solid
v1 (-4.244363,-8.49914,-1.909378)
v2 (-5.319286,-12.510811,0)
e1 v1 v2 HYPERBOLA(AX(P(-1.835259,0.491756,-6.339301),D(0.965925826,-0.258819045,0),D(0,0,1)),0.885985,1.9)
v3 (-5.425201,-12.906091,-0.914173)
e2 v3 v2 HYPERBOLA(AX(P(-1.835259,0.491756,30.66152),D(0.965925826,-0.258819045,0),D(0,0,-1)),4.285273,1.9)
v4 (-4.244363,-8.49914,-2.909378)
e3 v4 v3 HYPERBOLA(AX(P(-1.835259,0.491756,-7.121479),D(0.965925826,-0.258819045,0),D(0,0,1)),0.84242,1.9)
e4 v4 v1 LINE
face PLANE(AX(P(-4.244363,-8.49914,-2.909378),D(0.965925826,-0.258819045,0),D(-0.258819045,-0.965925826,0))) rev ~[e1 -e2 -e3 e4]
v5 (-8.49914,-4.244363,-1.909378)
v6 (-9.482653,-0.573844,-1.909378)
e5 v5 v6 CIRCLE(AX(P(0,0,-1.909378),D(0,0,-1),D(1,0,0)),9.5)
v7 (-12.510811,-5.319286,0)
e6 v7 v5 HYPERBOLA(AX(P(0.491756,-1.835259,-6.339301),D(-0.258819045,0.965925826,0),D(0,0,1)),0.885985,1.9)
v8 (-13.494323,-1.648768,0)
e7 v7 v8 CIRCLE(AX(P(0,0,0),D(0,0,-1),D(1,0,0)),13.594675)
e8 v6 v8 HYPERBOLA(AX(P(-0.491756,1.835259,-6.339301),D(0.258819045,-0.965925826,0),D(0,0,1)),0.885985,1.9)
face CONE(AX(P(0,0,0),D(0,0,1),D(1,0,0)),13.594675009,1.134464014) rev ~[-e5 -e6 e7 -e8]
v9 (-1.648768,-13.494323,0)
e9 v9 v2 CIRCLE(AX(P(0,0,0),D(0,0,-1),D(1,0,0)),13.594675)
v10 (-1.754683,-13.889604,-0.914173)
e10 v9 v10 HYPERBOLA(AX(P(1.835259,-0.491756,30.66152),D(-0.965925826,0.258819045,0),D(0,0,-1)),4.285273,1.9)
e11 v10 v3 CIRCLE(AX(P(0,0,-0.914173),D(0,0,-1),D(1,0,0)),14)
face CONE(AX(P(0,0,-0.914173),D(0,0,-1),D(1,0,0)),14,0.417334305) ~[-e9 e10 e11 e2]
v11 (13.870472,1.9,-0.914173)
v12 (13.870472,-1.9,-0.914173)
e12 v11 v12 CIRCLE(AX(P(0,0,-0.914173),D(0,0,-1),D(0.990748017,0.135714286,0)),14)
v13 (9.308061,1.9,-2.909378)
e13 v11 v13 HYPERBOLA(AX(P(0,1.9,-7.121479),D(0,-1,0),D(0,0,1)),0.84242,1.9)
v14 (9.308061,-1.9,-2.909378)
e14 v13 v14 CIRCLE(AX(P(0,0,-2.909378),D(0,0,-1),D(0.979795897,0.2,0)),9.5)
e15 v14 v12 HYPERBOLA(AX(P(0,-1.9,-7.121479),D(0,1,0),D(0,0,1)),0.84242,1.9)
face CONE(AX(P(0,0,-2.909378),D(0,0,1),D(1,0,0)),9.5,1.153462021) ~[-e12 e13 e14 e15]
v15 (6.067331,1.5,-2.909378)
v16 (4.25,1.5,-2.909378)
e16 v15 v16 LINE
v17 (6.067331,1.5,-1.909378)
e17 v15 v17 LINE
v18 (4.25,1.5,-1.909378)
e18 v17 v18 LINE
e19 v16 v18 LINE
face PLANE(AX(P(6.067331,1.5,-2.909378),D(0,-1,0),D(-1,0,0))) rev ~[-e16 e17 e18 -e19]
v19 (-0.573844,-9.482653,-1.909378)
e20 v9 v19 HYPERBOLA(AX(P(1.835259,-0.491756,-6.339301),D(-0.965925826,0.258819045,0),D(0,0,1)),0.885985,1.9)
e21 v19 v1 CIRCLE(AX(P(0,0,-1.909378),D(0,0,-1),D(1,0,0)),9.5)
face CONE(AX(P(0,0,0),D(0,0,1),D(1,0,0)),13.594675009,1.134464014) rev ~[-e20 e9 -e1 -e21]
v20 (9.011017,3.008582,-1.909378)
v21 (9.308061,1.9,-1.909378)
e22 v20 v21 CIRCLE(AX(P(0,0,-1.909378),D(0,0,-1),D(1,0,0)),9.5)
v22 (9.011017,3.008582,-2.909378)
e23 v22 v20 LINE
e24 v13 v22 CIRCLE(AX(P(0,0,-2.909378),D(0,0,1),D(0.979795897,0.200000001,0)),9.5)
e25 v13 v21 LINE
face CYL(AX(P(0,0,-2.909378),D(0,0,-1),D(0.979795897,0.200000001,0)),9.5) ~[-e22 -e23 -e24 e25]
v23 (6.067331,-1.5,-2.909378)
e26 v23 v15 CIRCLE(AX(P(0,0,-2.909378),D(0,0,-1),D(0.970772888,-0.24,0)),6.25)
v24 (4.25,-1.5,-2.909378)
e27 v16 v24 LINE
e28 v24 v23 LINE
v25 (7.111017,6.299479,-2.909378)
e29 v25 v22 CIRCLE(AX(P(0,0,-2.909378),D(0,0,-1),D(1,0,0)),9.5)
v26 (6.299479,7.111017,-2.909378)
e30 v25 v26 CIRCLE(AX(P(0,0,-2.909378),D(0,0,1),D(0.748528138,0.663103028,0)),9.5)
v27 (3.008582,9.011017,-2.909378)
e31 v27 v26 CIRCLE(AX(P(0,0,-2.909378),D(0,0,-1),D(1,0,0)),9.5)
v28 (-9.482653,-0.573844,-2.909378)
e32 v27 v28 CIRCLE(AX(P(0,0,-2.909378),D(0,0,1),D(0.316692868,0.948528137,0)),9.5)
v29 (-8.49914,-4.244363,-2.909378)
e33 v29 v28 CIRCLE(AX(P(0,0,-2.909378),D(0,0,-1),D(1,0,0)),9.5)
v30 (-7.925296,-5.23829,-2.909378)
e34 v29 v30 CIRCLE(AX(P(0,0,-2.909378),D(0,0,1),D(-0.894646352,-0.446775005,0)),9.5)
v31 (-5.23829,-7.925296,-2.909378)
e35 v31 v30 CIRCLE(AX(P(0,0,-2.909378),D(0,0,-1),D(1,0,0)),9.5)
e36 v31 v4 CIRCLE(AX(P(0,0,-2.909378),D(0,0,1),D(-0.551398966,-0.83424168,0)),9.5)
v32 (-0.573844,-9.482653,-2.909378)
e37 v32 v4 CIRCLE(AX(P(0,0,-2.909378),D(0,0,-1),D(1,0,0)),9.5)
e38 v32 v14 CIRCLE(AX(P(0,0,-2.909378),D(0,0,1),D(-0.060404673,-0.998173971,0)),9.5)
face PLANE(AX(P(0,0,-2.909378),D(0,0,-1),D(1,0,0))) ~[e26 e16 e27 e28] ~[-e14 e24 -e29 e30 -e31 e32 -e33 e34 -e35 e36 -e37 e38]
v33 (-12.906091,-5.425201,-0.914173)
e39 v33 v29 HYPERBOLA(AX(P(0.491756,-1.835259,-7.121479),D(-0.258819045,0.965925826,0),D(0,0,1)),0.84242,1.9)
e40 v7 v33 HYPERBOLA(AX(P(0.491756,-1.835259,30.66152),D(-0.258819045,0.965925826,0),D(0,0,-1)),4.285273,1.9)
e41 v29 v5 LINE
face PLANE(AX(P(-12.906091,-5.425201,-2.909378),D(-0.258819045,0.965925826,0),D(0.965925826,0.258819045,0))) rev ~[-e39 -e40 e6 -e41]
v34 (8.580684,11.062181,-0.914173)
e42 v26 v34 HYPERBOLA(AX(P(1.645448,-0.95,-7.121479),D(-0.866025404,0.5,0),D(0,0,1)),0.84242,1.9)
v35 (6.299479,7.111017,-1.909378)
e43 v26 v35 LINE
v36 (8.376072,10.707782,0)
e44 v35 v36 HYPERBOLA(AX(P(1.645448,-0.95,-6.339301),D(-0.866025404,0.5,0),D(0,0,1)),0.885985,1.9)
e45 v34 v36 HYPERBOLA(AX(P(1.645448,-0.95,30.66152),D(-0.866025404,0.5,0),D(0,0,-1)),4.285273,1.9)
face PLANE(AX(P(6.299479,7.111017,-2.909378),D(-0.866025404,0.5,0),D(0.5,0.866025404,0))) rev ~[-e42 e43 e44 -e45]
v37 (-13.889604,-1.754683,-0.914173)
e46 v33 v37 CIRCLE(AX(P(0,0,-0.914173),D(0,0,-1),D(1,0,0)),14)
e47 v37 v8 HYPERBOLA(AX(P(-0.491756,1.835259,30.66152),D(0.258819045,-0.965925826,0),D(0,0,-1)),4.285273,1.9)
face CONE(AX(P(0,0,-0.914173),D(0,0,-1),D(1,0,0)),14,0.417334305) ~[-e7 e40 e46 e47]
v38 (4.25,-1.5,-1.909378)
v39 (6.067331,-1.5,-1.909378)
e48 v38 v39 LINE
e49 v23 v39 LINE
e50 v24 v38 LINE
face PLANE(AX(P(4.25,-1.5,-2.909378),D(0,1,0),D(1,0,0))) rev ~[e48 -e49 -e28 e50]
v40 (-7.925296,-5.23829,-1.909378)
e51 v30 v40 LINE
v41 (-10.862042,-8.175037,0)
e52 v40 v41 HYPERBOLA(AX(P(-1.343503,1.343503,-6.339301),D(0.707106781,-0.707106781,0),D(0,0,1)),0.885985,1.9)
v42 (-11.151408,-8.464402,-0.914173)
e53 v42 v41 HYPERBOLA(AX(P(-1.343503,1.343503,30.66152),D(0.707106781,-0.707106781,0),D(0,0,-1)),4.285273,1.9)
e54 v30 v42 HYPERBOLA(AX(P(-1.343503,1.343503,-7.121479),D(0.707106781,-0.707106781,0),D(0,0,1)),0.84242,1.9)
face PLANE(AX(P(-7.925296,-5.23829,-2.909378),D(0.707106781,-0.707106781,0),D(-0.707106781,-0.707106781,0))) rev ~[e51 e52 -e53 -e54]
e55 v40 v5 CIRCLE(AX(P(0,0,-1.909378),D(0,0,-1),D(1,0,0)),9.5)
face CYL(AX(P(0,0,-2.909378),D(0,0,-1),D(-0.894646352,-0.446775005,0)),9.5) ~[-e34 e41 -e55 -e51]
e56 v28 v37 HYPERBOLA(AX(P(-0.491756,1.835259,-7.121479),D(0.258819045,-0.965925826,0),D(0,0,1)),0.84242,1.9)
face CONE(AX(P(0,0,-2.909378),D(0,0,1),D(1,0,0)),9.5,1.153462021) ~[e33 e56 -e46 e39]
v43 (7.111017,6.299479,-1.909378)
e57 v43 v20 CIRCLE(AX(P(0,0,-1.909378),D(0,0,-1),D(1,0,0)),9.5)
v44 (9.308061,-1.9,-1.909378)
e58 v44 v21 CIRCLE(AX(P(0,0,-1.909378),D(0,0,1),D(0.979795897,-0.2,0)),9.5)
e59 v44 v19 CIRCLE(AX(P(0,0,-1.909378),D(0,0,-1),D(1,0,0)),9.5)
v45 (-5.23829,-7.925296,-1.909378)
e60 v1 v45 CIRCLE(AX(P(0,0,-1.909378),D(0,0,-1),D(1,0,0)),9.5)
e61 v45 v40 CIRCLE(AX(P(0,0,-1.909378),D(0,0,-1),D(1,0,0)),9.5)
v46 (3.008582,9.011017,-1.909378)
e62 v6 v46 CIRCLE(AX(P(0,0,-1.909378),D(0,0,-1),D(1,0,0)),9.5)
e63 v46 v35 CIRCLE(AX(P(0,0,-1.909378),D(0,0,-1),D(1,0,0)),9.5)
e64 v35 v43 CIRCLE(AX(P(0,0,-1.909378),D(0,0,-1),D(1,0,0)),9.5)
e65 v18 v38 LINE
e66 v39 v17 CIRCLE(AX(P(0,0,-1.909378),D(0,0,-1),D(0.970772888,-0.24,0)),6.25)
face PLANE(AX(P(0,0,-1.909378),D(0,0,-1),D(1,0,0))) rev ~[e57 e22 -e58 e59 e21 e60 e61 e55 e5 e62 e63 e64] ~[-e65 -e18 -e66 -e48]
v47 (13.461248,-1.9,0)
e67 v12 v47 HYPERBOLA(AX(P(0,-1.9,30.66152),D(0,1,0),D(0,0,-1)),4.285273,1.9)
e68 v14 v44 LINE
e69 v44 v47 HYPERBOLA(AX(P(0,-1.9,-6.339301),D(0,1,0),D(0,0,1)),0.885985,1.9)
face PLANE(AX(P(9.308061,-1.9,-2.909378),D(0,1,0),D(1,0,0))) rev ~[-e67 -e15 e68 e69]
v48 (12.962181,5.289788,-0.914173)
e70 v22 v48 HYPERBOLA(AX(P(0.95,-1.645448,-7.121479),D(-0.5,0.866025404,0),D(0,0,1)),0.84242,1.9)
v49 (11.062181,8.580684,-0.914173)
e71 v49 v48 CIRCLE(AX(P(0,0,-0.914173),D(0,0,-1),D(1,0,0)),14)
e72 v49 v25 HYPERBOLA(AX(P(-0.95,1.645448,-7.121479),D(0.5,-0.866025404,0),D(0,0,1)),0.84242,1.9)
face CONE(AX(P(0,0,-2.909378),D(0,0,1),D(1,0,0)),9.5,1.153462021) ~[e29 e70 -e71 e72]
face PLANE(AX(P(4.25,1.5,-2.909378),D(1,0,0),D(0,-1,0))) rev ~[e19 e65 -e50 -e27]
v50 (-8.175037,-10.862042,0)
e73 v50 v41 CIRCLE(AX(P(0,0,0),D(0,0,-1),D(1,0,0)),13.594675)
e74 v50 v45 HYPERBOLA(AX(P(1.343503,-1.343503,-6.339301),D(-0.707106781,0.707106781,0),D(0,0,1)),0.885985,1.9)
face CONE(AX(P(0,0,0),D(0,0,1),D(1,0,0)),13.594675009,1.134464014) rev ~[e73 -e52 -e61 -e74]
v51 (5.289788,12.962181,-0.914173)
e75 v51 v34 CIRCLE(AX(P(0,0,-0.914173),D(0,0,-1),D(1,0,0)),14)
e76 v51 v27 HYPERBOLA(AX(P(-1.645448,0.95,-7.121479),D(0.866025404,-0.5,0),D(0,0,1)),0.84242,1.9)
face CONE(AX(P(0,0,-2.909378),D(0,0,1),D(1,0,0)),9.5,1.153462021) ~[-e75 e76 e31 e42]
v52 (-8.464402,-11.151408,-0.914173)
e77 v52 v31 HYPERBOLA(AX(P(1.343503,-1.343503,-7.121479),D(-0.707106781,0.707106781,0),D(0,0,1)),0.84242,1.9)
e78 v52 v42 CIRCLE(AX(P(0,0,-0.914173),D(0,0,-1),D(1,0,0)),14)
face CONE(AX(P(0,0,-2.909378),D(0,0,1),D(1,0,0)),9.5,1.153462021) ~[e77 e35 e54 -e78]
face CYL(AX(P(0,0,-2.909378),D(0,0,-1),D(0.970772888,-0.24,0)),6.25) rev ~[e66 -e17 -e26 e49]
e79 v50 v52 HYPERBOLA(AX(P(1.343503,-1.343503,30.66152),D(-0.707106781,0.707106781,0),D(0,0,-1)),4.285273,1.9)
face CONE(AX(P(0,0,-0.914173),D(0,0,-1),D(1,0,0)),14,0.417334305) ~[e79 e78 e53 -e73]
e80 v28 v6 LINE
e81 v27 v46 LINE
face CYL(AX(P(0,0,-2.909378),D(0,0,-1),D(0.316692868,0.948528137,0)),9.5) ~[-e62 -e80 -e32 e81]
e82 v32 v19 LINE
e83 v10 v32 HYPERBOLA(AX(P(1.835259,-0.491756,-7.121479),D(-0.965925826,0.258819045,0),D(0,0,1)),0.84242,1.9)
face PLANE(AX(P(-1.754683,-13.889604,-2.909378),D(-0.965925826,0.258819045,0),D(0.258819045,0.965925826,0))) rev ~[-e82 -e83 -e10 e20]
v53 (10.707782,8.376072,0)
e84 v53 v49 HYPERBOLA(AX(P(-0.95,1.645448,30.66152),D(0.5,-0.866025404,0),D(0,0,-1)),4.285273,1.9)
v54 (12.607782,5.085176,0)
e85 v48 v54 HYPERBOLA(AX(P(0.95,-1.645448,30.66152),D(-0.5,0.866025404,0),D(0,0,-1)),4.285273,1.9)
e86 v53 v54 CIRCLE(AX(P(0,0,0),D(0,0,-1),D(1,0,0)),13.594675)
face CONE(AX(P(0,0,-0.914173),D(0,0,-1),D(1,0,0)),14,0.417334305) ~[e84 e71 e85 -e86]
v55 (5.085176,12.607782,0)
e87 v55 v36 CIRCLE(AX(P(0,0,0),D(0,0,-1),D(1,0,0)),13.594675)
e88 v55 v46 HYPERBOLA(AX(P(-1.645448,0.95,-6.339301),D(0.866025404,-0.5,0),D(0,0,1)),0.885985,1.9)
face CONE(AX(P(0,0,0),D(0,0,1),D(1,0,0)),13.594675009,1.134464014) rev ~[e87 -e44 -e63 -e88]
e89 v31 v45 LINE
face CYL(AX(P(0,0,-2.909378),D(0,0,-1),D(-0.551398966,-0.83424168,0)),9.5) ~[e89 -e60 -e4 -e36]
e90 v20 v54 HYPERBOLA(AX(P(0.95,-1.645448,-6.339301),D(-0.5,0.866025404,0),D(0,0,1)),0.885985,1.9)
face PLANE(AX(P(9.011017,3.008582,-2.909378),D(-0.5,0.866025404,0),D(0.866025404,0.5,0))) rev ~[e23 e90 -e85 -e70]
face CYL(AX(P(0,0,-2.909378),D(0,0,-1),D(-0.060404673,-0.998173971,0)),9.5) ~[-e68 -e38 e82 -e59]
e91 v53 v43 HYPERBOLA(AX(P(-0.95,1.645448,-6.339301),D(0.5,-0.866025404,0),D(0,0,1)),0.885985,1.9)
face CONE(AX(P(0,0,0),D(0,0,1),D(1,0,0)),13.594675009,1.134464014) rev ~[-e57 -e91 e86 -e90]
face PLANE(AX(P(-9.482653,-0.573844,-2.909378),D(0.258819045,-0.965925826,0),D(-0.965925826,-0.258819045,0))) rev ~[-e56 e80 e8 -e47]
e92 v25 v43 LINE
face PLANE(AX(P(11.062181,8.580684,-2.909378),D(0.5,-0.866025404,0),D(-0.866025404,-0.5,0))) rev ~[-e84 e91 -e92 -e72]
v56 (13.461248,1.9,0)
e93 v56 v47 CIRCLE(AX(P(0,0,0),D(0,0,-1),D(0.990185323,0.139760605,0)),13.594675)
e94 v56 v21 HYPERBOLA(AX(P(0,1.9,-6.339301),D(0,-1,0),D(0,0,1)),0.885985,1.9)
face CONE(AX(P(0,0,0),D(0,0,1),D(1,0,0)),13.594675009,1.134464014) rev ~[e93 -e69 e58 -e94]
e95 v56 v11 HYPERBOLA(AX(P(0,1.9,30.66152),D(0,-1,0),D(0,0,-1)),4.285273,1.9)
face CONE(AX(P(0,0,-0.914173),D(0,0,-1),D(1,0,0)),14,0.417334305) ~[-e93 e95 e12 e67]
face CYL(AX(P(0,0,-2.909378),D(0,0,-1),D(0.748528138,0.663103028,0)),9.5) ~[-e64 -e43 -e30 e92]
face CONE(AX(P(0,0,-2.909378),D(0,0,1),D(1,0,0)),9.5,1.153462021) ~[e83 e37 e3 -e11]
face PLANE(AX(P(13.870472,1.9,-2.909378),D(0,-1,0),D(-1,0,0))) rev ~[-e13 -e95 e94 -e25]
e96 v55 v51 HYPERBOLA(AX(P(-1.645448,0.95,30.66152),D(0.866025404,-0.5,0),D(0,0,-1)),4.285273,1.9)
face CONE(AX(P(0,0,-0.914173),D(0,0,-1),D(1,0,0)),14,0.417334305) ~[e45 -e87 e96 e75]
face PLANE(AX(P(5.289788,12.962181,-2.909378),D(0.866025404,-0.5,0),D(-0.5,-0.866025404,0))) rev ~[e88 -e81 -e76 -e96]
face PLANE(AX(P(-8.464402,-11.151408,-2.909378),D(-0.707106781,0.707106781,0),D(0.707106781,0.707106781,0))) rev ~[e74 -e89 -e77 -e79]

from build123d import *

# Parameters (mm, degrees)
SKETCH2_OUTSIDE_W = 37.94
SKETCH2_OUTSIDE_H = 37.94
CUT_EXTRUDE_DEPTH = 23.420400339


with BuildPart() as part:
    # Sketch1 → Base-Extrude (revolve)
    with BuildSketch(Plane.YZ, mode=Mode.PRIVATE) as base_extrude_sk:
        Polygon((0, -2.909378314), (-9.5, -2.909378314), (-14, -0.91417266), (-13.594675009, 0), (-9.5, -1.909378314), (0, -1.909378314), align=None)
    revolve(base_extrude_sk.sketch.rotate(Axis((0, 0, 5.823648763), (0, 0, -1)), 270), axis=Axis((0, 0, 5.823648763), (0, 0, -1)))

    # Sketch2 outside → Cut-Extrude (cut, through all)
    # profile 1 of 2: a face of its own
    with BuildSketch(Plane(origin=(-2.40435344, 1.003568156, -2.909378314), x_dir=(-1, 0, 0), z_dir=(0, 0, -1))):
        with Locations((-2.404, -1.004)):
            Rectangle(SKETCH2_OUTSIDE_W, SKETCH2_OUTSIDE_H)
        with BuildLine():
            Line((-11.712414462, -2.903568156), (-16.274825674, -2.903568156))
            ThreePointArc((-16.274825674, -2.903568156), (-16.40435344, -1.003568156), (-16.274825674, 0.896431844))
            Line((-16.274825674, 0.896431844), (-11.712414462, 0.896431844))
            ThreePointArc((-11.712414462, 0.896431844), (-11.580648789, 1.455212772), (-11.415370745, 2.005014088))
            Line((-11.415370745, 2.005014088), (-15.366534757, 4.286219694))
            ThreePointArc((-15.366534757, 4.286219694), (-14.528709093, 5.996431844), (-13.466534757, 7.577116228))
            Line((-13.466534757, 7.577116228), (-9.515370745, 5.295910622))
            ThreePointArc((-9.515370745, 5.295910622), (-9.121867861, 5.713946265), (-8.703832218, 6.107449149))
            Line((-8.703832218, 6.107449149), (-10.985037824, 10.058613161))
            ThreePointArc((-10.985037824, 10.058613161), (-9.40435344, 11.120787497), (-7.69414129, 11.958613161))
            Line((-7.69414129, 11.958613161), (-5.412935684, 8.007449149))
            ThreePointArc((-5.412935684, 8.007449149), (3.378880136, 6.533288576), (7.07829928, -1.577412552))
            Line((7.07829928, -1.577412552), (11.4852501, -2.758251465))
            ThreePointArc((11.4852501, -2.758251465), (11.118608128, -4.627034788), (10.501737729, -6.428769605))
            Line((10.501737729, -6.428769605), (6.094786909, -5.247930692))
            ThreePointArc((6.094786909, -5.247930692), (5.822887896, -5.753568156), (5.520942513, -6.241858341))
            Line((5.520942513, -6.241858341), (8.74705442, -9.467970247))
            ThreePointArc((8.74705442, -9.467970247), (7.495141497, -10.903063093), (6.060048651, -12.154976016))
            Line((6.060048651, -12.154976016), (2.833936745, -8.928864109))
            ThreePointArc((2.833936745, -8.928864109), (2.34564656, -9.230809492), (1.840009096, -9.502708505))
            Line((1.840009096, -9.502708505), (3.020848009, -13.909659325))
            ThreePointArc((3.020848009, -13.909659325), (1.219113192, -14.526529724), (-0.649670131, -14.893171696))
            Line((-0.649670131, -14.893171696), (-1.830509044, -10.486220876))
            ThreePointArc((-1.830509044, -10.486220876), (-8.187587015, -8.540424889), (-11.712414462, -2.903568156))
        make_face(mode=Mode.SUBTRACT)
    # profile 2 of 2: a face of its own
    with BuildSketch(Plane(origin=(-2.40435344, 1.003568156, -2.909378314), x_dir=(-1, 0, 0), z_dir=(0, 0, -1))):
        with BuildLine():
            Line((-8.471683989, 0.496431844), (-6.65435344, 0.496431844))
            Line((-6.65435344, 0.496431844), (-6.65435344, -2.503568156))
            Line((-6.65435344, -2.503568156), (-8.471683989, -2.503568156))
            ThreePointArc((-8.471683989, -2.503568156), (3.84564656, -1.003568156), (-8.471683989, 0.496431844))
        make_face()
    extrude(amount=-CUT_EXTRUDE_DEPTH, mode=Mode.SUBTRACT)


solid = part.part
